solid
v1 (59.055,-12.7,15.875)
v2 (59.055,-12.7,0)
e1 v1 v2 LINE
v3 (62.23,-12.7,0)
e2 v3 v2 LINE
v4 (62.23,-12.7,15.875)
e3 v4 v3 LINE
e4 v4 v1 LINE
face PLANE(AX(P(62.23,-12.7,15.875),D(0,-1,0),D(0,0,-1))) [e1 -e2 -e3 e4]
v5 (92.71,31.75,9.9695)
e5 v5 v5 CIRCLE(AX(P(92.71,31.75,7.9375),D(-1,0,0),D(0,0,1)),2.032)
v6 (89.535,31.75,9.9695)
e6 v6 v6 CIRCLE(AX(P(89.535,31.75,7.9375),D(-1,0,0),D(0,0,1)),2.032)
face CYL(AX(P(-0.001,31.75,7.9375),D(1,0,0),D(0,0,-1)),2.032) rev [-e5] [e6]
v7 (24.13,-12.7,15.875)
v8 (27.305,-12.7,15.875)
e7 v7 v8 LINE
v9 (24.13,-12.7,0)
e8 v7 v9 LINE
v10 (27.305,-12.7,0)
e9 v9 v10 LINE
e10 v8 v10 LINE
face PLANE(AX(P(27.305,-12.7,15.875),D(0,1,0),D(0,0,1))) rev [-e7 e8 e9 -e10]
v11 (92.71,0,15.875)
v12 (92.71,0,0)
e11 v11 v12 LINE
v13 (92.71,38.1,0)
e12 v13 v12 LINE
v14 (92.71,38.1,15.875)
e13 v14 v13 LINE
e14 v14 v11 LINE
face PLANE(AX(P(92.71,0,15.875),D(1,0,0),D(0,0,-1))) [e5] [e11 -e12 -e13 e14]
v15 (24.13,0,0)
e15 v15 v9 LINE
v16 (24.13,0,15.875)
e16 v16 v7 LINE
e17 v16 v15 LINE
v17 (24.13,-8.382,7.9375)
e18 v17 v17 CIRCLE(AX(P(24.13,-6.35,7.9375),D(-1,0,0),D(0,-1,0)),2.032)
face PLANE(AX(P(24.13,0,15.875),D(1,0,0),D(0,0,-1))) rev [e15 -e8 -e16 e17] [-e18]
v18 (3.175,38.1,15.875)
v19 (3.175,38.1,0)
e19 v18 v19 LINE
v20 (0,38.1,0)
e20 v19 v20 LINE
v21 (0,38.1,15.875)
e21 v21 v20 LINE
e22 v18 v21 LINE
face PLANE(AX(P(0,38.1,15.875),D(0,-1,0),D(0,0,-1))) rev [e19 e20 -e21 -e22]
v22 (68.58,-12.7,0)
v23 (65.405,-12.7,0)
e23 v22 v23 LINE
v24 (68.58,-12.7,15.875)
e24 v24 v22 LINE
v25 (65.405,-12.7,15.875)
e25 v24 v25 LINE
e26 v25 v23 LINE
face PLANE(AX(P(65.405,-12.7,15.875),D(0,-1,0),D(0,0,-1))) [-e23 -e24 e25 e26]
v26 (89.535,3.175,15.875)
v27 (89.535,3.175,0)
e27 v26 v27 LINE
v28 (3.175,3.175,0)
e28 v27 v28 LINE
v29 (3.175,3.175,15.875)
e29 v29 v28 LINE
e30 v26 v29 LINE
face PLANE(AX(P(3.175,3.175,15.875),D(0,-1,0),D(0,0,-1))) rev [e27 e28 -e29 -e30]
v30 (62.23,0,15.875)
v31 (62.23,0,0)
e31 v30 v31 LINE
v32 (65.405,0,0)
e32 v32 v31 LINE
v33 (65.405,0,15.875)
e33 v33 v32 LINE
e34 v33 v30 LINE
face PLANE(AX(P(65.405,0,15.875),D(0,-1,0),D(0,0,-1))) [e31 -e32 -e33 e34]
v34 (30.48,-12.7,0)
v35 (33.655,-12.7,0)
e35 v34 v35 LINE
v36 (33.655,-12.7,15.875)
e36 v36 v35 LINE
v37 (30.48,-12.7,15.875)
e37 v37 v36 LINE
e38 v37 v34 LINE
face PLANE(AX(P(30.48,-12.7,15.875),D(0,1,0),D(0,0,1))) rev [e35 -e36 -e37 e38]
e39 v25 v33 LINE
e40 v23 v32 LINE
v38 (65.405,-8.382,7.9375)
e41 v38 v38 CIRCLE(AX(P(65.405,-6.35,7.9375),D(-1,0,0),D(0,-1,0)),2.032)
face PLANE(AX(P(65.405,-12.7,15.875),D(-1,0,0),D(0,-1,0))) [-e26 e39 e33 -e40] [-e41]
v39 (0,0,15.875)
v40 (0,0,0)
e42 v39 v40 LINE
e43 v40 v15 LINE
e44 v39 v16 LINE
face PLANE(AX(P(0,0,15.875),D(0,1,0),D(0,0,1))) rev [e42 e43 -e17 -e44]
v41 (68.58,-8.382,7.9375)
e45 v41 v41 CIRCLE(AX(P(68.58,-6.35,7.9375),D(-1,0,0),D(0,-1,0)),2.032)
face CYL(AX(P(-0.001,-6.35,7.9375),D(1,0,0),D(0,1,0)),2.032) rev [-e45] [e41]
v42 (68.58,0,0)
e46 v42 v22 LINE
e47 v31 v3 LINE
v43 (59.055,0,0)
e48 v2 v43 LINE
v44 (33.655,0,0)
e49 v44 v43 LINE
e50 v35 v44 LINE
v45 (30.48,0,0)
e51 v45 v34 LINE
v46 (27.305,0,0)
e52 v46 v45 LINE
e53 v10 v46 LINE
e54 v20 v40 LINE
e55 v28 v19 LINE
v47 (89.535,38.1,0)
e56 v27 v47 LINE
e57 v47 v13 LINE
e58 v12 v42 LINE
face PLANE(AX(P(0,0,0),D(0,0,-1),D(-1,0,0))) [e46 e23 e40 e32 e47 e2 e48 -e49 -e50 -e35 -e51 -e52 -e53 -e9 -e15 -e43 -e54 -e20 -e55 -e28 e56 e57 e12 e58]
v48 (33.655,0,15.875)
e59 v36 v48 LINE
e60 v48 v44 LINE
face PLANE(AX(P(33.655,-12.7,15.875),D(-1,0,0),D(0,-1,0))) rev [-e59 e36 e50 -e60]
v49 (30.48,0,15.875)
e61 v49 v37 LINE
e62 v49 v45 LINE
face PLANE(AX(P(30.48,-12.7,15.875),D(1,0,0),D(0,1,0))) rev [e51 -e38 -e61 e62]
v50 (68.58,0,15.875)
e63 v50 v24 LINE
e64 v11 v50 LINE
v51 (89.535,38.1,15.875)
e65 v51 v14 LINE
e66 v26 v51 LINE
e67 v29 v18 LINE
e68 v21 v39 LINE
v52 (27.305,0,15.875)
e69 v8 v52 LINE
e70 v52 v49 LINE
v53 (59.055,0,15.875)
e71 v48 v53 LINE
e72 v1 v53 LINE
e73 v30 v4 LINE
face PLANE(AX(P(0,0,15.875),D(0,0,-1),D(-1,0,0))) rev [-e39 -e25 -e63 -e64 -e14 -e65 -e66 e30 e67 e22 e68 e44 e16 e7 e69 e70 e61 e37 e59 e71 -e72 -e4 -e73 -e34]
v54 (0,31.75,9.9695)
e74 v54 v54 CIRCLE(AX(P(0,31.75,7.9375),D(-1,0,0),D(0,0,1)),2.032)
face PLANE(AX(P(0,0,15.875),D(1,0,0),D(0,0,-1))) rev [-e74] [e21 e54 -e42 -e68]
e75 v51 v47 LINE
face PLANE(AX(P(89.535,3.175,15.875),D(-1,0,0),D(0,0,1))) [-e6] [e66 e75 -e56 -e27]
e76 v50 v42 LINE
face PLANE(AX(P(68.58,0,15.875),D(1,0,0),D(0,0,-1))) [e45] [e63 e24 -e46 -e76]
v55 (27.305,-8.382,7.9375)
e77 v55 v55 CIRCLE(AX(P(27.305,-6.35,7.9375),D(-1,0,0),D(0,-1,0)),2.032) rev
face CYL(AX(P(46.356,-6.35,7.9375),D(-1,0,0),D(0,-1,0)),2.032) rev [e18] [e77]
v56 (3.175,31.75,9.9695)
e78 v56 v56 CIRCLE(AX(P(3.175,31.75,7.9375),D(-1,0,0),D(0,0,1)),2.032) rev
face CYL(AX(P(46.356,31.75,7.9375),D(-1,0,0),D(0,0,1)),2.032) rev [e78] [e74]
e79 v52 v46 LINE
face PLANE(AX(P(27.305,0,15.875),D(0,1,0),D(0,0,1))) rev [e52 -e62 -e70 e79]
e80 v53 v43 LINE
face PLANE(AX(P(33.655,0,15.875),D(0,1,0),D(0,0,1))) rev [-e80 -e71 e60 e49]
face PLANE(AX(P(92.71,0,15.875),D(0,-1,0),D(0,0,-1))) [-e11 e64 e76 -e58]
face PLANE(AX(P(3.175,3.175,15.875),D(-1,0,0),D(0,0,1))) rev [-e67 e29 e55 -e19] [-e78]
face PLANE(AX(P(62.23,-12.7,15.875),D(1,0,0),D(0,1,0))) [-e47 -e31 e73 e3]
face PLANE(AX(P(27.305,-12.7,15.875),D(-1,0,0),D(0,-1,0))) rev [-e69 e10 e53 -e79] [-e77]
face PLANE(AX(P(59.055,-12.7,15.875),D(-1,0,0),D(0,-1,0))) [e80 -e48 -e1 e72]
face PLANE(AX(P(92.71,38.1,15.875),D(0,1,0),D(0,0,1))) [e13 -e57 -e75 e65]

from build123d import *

# Parameters (mm, degrees)
BOSS_EXTRUDE1_DEPTH = 15.875
CUT_EXTRUDE2_REACH  = 49.811
SKETCH3_R           = 2.032
CUT_EXTRUDE3_REACH  = 64.068
SKETCH4_R           = 2.032


with BuildPart() as part:
    # Sketch1 → Boss-Extrude1 (new body)
    with BuildSketch(Plane.XY):
        Polygon((3.175, 3.175), (46.355, 3.175), (46.355, 0), (33.655, 0), (33.655, -12.7), (30.48, -12.7), (30.48, 0), (27.305, 0), (27.305, -12.7), (24.13, -12.7), (24.13, 0), (0, 0), (0, 38.1), (3.175, 38.1), align=None)
    boss_extrude1 = extrude(amount=BOSS_EXTRUDE1_DEPTH)

    # Sketch3 → Cut-Extrude2 (cut, up to next)
    with BuildSketch(Plane.ZY.offset(-24.13), mode=Mode.PRIVATE) as cut_extrude2_sk1:
        with Locations(Location((7.9375, -6.35, 0), (0, 0, 270))):
            Circle(SKETCH3_R)
    cut_extrude2_tool1 = extrude(cut_extrude2_sk1.sketch, amount=-CUT_EXTRUDE2_REACH, mode=Mode.PRIVATE) & part.part
    cut_extrude2 = cut_extrude2_tool1.solids().sort_by_distance((24.13, -6.35, 7.9375))[0]
    add(cut_extrude2, mode=Mode.SUBTRACT)

    # Sketch4 → Cut-Extrude3 (cut, up to next)
    with BuildSketch(Plane.ZY, mode=Mode.PRIVATE) as cut_extrude3_sk1:
        with Locations((7.9375, 31.75)):
            Circle(SKETCH4_R)
    cut_extrude3_tool1 = extrude(cut_extrude3_sk1.sketch, amount=-CUT_EXTRUDE3_REACH, mode=Mode.PRIVATE) & part.part
    cut_extrude3 = cut_extrude3_tool1.solids().sort_by_distance((0, 31.75, 7.9375))[0]
    add(cut_extrude3, mode=Mode.SUBTRACT)

    # Mirror2: Boss-Extrude1, Cut-Extrude2, Cut-Extrude3 across plane
    add(boss_extrude1.mirror(Plane(origin=(46.355, 0, 0), x_dir=(0, 0, 1), z_dir=(1, 0, 0))))
    add(cut_extrude2.mirror(Plane(origin=(46.355, 0, 0), x_dir=(0, 0, 1), z_dir=(1, 0, 0))), mode=Mode.SUBTRACT)
    add(cut_extrude3.mirror(Plane(origin=(46.355, 0, 0), x_dir=(0, 0, 1), z_dir=(1, 0, 0))), mode=Mode.SUBTRACT)


solid = part.part
